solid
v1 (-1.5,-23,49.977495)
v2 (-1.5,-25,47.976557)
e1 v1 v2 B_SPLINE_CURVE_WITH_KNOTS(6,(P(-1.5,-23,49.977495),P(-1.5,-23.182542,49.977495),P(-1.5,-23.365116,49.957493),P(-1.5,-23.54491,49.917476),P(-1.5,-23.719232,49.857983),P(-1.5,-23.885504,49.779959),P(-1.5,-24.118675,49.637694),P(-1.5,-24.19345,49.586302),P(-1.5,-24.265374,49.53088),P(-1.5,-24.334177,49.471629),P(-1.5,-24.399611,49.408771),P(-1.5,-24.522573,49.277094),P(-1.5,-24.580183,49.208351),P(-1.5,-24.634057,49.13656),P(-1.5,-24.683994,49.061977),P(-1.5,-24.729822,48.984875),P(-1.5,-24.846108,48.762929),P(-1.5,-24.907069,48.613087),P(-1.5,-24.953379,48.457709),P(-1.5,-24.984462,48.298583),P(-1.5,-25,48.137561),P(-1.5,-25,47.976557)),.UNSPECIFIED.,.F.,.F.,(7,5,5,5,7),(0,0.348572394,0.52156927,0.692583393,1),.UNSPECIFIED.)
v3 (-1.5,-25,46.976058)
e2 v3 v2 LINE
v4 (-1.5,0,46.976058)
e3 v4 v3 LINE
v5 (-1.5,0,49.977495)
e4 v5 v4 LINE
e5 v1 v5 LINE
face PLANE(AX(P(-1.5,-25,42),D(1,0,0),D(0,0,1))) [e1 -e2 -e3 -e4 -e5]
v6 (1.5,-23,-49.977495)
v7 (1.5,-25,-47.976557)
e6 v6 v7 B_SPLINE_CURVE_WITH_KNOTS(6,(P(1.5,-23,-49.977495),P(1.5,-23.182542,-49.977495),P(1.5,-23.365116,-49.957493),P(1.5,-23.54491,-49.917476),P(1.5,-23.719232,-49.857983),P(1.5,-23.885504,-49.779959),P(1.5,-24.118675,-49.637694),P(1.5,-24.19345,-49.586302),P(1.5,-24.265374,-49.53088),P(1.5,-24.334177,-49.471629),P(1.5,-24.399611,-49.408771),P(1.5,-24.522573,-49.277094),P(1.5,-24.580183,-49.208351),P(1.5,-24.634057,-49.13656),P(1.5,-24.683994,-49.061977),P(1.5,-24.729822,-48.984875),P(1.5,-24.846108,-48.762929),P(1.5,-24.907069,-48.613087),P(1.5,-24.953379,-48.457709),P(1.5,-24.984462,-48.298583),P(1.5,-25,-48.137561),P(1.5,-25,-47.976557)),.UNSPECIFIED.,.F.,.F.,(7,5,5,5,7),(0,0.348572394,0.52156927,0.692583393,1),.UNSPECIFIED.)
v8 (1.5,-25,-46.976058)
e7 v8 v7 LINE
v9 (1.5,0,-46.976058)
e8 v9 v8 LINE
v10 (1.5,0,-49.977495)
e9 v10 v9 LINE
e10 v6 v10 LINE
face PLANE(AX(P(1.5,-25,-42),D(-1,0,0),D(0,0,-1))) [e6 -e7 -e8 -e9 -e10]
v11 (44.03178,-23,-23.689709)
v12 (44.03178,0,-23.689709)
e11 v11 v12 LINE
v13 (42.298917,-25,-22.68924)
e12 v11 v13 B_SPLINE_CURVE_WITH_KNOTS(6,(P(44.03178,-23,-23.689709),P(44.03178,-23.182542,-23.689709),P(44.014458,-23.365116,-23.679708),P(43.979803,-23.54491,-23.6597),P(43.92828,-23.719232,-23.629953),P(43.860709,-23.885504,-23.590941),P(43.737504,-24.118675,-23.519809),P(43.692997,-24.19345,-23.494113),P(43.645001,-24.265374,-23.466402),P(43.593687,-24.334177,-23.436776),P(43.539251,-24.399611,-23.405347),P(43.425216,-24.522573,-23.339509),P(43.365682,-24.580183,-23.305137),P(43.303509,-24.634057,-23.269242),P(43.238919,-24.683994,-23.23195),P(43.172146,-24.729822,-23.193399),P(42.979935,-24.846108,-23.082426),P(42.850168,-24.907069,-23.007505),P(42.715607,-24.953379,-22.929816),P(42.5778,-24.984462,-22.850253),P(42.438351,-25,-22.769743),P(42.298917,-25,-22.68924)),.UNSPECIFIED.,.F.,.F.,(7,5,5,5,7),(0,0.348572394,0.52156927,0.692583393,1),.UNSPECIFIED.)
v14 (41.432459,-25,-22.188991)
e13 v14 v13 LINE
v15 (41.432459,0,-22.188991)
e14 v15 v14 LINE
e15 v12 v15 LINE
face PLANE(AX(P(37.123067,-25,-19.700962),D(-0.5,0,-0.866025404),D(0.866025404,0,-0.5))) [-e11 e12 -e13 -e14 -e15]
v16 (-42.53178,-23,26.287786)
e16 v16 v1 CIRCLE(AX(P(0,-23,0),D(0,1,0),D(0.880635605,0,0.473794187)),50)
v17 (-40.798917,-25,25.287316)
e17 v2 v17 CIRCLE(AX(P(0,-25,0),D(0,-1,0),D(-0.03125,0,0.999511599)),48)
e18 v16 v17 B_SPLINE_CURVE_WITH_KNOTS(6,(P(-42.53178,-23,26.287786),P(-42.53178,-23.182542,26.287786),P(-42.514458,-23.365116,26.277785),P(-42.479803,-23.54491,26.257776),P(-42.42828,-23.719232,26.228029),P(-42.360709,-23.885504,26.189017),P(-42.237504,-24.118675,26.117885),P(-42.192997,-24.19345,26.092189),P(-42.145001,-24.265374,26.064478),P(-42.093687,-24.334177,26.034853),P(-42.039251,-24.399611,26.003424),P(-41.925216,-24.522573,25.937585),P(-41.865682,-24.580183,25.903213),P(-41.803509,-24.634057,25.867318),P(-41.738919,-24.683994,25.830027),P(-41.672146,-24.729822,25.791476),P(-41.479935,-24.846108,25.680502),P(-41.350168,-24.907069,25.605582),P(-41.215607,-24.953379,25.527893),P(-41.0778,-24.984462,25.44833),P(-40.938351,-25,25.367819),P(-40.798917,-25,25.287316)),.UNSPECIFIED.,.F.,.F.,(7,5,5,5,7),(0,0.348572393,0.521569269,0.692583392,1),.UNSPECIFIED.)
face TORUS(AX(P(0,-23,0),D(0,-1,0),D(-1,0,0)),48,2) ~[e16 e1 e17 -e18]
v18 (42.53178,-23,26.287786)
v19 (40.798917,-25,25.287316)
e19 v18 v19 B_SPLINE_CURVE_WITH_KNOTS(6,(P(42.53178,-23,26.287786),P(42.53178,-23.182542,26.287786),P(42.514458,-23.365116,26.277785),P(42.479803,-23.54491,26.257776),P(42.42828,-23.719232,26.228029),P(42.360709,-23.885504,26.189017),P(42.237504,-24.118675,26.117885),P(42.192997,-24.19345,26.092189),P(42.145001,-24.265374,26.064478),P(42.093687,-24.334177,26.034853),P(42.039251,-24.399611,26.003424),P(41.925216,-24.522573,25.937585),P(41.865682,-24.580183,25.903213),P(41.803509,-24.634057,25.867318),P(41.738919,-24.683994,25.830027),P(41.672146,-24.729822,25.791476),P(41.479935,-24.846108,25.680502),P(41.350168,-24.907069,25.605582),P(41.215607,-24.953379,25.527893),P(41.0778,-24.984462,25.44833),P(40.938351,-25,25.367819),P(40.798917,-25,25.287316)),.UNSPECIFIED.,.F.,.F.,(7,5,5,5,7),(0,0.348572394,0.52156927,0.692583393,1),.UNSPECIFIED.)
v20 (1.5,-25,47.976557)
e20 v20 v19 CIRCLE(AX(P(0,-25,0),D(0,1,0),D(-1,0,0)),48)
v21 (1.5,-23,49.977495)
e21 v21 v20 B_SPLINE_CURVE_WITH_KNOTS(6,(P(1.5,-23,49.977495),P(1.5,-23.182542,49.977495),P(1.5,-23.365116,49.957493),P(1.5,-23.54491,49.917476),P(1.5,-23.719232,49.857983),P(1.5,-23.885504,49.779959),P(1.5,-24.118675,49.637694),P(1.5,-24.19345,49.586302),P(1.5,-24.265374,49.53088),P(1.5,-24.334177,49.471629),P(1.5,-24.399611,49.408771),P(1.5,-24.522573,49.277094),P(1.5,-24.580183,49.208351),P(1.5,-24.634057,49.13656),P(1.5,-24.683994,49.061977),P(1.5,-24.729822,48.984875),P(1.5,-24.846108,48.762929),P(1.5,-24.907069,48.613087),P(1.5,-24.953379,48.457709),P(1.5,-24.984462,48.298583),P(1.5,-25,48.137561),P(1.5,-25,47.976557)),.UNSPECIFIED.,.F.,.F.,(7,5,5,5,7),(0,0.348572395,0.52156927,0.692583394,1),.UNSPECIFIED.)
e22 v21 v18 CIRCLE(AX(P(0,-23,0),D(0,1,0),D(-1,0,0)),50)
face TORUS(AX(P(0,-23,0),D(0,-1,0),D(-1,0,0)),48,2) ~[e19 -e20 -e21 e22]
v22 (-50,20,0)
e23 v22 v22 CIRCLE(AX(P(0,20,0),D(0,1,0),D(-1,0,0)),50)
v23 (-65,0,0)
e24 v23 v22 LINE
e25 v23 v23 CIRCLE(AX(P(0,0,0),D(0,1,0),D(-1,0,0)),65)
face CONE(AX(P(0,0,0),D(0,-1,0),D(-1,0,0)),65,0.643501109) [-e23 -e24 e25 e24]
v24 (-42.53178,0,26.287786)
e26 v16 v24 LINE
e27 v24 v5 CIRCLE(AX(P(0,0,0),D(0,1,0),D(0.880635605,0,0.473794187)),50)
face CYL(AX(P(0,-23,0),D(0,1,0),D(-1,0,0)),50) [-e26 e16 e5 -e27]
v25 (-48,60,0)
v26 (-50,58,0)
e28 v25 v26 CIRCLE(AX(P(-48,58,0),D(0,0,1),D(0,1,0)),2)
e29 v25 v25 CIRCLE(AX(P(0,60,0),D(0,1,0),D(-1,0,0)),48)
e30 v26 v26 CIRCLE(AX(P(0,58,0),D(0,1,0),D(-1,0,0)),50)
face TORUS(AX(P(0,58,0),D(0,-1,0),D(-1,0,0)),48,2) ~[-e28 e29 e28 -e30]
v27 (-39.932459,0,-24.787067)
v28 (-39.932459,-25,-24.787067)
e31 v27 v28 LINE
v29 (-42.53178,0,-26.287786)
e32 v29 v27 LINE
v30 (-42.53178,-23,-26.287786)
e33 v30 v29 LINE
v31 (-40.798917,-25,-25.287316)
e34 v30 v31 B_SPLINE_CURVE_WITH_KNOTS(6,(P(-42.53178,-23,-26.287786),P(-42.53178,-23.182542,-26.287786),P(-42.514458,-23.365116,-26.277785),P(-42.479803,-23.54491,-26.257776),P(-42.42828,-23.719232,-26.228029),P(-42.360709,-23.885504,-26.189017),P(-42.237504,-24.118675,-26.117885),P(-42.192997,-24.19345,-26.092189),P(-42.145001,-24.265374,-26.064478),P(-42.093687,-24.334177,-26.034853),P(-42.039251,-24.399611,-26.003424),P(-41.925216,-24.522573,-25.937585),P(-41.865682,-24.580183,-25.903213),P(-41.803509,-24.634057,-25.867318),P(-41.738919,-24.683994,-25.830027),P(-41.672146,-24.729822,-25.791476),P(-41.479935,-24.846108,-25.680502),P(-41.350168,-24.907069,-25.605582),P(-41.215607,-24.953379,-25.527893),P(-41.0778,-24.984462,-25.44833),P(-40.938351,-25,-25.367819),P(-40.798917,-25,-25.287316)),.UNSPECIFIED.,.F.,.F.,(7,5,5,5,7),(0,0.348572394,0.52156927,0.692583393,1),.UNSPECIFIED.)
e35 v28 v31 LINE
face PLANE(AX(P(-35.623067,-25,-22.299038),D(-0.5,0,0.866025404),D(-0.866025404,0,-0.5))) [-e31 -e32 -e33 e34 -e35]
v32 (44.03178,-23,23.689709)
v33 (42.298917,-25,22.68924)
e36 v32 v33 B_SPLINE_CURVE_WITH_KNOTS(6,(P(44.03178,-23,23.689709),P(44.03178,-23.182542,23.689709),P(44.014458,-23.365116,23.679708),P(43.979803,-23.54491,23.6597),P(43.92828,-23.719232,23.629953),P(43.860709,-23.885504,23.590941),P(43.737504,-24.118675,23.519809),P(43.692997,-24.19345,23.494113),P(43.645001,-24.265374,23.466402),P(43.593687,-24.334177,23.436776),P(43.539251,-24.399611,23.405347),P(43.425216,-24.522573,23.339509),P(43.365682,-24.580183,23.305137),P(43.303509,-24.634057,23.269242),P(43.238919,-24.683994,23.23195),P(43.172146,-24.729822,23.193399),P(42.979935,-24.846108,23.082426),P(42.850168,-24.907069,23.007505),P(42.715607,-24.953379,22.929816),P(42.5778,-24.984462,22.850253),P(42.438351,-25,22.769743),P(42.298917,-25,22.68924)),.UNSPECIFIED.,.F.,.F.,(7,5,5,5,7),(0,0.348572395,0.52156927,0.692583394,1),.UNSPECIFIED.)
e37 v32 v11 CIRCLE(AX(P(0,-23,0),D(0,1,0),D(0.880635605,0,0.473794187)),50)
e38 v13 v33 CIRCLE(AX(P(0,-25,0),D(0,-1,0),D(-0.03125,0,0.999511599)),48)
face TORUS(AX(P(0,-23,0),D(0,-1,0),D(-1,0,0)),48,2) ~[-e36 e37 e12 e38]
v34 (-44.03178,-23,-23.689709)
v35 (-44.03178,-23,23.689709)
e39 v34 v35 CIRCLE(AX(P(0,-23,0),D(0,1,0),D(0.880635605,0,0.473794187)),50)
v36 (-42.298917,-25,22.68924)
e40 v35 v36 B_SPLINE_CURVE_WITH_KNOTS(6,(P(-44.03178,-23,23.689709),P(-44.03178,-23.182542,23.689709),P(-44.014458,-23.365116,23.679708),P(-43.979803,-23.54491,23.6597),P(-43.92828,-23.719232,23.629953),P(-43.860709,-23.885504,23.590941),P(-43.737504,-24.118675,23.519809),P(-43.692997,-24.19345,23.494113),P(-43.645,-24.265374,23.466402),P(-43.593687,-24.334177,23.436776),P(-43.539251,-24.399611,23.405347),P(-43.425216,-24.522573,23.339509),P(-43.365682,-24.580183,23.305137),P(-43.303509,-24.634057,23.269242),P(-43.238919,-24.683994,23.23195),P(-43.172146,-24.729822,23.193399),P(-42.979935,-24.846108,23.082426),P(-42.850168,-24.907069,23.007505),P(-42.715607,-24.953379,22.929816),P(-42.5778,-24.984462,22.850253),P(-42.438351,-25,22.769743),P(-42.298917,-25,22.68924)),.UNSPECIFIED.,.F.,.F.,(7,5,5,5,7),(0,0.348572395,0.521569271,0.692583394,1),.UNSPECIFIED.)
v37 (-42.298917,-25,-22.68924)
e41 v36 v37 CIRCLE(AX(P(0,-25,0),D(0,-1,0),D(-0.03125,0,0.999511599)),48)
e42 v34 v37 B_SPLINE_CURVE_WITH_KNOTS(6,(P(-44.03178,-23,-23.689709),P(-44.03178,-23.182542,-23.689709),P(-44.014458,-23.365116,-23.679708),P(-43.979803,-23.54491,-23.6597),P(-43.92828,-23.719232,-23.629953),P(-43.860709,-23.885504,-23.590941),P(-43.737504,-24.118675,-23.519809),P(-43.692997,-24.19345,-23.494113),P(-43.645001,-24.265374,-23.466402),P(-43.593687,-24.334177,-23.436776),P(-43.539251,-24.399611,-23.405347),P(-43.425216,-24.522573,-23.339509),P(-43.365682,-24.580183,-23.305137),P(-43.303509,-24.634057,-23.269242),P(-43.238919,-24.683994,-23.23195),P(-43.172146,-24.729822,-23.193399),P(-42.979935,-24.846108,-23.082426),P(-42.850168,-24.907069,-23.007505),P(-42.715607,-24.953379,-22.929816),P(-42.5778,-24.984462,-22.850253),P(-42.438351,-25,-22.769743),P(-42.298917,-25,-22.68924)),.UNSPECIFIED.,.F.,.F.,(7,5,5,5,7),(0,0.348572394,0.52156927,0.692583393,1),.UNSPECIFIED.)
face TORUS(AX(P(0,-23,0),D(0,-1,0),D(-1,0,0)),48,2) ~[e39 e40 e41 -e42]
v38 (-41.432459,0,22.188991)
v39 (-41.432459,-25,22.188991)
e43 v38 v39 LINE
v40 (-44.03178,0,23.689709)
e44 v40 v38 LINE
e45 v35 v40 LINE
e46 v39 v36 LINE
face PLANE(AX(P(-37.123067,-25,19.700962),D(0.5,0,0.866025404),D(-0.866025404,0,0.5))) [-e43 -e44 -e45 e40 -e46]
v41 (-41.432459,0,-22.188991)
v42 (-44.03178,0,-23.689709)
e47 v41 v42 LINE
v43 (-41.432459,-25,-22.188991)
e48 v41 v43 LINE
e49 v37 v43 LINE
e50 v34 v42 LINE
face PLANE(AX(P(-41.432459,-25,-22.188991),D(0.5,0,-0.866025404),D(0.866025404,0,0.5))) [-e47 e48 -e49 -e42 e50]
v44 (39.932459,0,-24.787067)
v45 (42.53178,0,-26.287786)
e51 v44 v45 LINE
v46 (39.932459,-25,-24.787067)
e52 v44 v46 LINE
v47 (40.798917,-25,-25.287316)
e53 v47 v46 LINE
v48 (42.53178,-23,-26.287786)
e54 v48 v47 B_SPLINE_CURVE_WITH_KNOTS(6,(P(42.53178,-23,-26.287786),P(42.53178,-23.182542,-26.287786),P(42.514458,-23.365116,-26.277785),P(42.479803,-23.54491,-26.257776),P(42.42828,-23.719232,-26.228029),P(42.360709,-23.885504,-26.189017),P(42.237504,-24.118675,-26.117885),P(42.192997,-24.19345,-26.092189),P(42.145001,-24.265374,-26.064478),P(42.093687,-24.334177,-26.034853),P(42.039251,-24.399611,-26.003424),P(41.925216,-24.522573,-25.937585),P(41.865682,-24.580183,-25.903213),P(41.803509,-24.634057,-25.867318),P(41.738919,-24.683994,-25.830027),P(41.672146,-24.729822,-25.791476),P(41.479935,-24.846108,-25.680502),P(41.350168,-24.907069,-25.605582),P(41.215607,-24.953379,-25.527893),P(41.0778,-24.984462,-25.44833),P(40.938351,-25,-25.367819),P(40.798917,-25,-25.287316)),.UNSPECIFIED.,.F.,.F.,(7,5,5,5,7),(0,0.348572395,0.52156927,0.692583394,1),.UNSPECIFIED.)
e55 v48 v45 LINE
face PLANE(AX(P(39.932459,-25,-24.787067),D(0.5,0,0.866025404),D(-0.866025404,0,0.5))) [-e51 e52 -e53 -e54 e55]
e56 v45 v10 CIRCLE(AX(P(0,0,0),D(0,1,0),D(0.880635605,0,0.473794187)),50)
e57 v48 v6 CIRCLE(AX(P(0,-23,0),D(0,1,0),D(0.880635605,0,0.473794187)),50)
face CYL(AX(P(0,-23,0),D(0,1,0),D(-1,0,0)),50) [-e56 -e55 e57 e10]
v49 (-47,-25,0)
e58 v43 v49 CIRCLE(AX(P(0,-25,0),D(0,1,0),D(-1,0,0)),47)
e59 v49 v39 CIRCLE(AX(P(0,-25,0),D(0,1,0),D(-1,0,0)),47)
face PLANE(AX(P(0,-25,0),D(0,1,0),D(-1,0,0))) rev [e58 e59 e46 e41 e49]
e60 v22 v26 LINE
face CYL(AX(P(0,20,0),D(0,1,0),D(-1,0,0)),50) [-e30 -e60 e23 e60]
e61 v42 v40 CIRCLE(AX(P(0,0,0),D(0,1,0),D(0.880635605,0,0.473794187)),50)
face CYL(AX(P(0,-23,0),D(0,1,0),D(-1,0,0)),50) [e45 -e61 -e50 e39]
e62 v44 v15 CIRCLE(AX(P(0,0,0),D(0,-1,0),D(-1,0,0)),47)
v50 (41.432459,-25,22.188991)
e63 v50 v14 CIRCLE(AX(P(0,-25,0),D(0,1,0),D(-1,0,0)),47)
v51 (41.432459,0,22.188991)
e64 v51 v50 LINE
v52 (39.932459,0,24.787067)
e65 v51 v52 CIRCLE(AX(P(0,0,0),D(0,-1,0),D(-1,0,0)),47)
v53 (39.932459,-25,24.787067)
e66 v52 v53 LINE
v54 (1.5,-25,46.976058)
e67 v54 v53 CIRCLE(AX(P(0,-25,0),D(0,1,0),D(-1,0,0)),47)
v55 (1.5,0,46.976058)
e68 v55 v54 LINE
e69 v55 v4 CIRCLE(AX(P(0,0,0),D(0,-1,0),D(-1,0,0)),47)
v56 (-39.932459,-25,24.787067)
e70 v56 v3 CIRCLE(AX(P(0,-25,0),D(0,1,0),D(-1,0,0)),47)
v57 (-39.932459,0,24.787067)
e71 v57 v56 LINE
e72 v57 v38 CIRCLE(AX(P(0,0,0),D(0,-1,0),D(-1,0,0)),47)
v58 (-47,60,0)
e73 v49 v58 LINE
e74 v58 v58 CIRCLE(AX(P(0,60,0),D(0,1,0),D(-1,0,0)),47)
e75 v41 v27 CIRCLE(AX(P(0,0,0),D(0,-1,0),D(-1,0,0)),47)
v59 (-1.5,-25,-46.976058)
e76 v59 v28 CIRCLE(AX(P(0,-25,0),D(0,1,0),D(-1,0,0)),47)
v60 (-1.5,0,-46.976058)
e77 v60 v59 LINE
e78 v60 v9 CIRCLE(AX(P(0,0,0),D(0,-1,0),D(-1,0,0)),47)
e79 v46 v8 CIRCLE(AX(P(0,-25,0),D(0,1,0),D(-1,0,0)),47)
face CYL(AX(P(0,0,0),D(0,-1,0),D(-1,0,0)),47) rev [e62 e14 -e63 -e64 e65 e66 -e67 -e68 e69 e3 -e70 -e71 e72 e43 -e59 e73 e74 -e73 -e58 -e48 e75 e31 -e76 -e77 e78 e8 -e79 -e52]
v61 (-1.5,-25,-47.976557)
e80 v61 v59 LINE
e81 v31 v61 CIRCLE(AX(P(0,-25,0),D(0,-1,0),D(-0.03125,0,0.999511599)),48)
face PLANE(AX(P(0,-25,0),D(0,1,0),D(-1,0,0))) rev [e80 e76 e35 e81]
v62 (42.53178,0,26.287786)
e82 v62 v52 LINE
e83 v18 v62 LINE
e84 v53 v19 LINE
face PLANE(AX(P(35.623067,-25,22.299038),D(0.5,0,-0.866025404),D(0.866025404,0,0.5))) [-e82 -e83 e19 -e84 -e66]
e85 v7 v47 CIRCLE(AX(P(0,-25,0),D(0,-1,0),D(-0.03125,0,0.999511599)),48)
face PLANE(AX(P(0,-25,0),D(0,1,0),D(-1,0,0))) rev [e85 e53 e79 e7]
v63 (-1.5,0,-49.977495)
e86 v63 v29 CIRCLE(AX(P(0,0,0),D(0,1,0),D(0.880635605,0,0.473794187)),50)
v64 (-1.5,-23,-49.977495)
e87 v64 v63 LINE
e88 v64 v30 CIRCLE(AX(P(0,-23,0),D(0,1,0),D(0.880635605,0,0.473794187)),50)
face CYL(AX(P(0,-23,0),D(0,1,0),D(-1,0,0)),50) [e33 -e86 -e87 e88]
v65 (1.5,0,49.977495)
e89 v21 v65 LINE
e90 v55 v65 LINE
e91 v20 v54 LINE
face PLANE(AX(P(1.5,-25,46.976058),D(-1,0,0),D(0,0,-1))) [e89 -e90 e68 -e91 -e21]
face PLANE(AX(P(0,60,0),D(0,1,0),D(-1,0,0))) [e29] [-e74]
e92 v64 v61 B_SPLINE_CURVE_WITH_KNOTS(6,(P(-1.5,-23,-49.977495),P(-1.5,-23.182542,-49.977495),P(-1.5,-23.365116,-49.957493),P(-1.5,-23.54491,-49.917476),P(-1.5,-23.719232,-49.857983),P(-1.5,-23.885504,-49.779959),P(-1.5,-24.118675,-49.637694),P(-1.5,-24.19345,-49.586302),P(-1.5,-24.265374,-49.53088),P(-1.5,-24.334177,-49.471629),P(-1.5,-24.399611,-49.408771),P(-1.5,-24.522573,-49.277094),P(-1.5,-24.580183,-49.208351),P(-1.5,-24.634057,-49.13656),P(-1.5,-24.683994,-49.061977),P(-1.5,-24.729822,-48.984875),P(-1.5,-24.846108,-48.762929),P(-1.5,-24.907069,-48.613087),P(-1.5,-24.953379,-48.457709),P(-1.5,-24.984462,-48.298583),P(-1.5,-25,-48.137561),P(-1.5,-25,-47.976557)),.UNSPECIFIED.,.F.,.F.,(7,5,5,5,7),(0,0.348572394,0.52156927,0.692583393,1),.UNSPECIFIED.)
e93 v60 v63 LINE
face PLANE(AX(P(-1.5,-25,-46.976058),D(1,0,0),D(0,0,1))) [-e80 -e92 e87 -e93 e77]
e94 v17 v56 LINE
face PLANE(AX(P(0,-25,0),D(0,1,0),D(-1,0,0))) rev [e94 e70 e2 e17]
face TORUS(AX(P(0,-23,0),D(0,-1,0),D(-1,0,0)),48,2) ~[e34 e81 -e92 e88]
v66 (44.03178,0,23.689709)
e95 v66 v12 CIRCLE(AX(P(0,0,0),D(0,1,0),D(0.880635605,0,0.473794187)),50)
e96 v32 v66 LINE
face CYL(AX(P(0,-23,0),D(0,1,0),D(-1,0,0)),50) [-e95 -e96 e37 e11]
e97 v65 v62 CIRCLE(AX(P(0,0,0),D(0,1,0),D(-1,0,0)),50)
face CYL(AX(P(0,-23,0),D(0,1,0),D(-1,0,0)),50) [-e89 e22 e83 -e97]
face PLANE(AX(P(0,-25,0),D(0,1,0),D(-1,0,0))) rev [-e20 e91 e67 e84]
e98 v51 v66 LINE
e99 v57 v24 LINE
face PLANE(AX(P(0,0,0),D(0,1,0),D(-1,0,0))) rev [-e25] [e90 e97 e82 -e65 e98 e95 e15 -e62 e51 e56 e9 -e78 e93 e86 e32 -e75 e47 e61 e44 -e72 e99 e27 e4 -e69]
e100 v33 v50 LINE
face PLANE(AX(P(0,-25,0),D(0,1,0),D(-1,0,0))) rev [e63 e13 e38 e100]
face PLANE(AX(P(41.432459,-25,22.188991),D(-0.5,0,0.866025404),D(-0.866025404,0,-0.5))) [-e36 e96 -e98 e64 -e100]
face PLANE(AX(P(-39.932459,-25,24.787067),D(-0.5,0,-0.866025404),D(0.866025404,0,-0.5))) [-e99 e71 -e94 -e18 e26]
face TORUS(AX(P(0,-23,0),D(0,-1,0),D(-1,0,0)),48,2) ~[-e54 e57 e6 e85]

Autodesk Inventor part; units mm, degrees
ref_plane "YZ Plane" through (0, 0, 0) normal (1, 0, 0) x (0, 1, 0)
ref_plane "XZ Plane" through (0, 0, 0) normal (0, 1, 0) x (-1, 0, 0)
ref_plane "XY Plane" through (0, 0, 0) normal (0, 0, 1) x (1, 0, 0)
sketch "Sketch1" plane through (0, 0, 0) normal (0, 0, 1) x (1, 0, 0)
  line L0 (-50, 0) -> (-47, 0)
  line L1 (-47, 0) -> (-47, -25)
  line L2 (-47, -25) -> (-48, -25)
  line L3 (-50, -23) -> (-50, 0)
  line L4 (-47, 20) -> (-50, 20)
  line L5 (-50, 20) -> (-50, 58)
  line L6 (-48, 60) -> (-47, 60)
  line L7 (-47, 60) -> (-47, 20)
  line L8 (-50, 0) -> (-65, 0)
  line L9 (-65, 0) -> (-50, 20)
  line L10 (-47, 20) -> (-47, 0)
  arc A0 (-48, 60) -> (-50, 58) centre (-48, 58) ccw
  arc A1 (-50, -23) -> (-48, -25) centre (-48, -23) ccw
  line L11 (0, -42.5799) -> (0, 77.5799) projected
  point P0 (0, 0)
  point P1 (-50, -25)
  point P2 (-50, 60)
  point P3 (-48.5, 0)
  dimension "d4" = 3
  dimension "d5" = 25
  dimension "d6" = 3
  dimension "d7" = 40
  dimension "d8" = 15
  dimension "d9" = 50
  dimension "d10" = 2
  dimension "d12" = 20
revolve "Revolution1" add sketch "Sketch1" angle 360 about axis through (0, -10, 0) along (0, 1, 0)
sketch "Sketch2" plane through (0, -25, 0) normal (0, -1, 0) x (1, 0, 0)
  line L0 (1.5, 42) -> (-1.5, 42)
  line L1 (-1.5, 42) -> (-1.5, 52)
  line L2 (-1.5, 52) -> (1.5, 52)
  line L3 (1.5, 52) -> (1.5, 42)
  circle A0 centre (0, 0) radius 47 projected
  line L4 (1.5, 42) -> (-1.5, 52) construction
  line L5 (-1.5, 42) -> (1.5, 52) construction
  point P0 (0, 47)
  dimension "d13" = 3
  dimension "d14" = 10
extrude "Extrusion1" cut sketch "Sketch2" against normal blind 25 contours L0 L1 A0 L3 | A0 L1 L2 L3 picked at (0.1667, 43.6658)
pattern_circular "Circular Pattern1" count 6 over 360 about axis through (0, -10, 0) along (0, 1, 0) of "Extrusion1"
properties part number "top-ventilation-tibe-adapter-100mmID-to-100mmID"
